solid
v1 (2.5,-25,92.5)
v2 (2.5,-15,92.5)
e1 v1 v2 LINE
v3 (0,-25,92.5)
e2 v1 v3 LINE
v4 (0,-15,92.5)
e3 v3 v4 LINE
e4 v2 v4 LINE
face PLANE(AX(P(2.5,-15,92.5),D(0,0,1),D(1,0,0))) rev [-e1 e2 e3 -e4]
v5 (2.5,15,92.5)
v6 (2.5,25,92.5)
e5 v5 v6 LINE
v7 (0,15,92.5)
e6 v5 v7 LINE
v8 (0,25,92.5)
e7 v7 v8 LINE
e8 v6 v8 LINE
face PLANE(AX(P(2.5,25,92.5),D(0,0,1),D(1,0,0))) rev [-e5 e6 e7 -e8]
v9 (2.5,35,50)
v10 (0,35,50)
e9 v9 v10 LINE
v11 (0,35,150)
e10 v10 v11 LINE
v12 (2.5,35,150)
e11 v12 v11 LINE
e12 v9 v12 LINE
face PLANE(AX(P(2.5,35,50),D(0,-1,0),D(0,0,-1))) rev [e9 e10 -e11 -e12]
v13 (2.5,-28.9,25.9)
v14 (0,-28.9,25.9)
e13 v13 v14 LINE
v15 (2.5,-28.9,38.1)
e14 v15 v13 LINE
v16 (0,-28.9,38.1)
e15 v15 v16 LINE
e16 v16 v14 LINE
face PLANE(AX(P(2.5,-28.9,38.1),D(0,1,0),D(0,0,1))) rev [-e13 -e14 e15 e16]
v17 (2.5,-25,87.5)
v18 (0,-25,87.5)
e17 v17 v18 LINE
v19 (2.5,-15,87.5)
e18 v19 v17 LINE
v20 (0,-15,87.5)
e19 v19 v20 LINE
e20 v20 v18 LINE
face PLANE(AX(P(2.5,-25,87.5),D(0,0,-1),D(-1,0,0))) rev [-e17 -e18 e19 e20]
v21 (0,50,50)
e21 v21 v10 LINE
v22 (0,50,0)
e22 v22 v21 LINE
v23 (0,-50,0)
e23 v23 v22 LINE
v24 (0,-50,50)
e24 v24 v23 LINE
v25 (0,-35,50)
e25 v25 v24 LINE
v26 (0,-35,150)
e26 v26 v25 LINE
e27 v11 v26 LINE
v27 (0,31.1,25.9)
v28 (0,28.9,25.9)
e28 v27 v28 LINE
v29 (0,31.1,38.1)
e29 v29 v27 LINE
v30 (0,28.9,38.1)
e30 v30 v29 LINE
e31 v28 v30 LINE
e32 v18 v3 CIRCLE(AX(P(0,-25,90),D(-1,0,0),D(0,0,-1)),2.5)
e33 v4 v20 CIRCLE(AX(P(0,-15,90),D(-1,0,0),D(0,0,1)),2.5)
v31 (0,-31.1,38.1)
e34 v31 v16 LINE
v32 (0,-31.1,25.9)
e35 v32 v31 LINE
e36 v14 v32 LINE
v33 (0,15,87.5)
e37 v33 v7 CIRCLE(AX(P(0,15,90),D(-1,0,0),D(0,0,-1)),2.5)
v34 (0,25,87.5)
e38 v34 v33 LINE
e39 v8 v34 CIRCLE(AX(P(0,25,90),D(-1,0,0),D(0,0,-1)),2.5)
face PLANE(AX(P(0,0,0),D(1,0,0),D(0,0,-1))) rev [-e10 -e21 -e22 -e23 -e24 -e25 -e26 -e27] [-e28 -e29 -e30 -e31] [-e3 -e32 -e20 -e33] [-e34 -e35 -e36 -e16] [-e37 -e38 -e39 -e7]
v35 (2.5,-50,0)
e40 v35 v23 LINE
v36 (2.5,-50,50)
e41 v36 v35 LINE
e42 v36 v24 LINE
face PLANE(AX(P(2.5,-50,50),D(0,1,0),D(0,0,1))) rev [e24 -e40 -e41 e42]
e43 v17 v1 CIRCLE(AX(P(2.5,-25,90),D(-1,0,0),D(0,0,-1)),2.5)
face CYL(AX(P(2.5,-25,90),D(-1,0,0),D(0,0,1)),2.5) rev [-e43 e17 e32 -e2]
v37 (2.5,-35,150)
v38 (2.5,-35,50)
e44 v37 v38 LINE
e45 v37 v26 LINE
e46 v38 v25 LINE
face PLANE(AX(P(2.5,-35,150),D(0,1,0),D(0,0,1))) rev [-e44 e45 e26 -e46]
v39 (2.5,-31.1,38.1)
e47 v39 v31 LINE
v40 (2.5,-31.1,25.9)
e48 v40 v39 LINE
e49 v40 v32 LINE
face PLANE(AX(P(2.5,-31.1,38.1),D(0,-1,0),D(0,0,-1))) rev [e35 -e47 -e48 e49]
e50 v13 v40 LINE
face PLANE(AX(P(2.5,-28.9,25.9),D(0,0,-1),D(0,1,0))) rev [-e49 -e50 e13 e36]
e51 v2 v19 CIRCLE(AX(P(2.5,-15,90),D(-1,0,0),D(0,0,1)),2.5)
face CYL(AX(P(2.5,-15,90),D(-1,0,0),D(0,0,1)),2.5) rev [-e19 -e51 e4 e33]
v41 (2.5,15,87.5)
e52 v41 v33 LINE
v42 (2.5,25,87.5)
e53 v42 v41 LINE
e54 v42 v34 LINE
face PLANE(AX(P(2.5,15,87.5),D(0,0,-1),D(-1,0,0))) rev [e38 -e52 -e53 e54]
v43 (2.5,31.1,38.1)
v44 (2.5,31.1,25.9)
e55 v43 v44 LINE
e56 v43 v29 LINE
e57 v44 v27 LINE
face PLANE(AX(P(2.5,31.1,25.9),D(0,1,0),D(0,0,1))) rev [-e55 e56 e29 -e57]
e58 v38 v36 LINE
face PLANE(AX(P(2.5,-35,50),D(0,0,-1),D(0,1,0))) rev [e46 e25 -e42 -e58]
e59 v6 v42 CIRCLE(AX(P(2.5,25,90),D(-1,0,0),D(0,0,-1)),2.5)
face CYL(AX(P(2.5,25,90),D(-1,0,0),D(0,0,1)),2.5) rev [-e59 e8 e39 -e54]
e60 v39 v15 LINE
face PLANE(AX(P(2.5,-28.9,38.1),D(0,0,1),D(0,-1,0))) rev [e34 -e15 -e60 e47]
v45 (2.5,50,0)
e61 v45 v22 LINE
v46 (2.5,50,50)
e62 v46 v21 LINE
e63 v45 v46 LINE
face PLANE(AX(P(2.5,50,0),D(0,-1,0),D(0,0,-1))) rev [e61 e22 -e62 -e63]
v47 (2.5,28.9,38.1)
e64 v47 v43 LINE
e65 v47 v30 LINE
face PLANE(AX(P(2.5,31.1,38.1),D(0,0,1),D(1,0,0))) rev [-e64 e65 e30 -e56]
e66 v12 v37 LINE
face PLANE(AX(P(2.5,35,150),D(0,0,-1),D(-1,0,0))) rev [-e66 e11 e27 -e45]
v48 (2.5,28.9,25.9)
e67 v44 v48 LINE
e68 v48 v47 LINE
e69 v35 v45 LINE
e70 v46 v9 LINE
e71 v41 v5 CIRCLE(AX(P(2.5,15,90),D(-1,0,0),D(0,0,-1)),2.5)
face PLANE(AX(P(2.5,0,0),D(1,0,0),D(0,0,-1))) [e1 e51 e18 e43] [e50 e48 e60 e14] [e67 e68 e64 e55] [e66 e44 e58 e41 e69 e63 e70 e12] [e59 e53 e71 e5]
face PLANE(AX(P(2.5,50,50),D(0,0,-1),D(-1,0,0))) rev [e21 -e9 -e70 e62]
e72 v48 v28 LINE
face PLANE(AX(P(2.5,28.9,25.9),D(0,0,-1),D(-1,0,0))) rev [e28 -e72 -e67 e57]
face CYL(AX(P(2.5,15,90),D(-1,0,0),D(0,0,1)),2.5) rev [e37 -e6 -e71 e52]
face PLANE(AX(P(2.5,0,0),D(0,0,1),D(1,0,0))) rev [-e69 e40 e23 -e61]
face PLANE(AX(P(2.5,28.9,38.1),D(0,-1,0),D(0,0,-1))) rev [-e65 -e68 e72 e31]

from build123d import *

# Parameters (mm, degrees)
BOSS_EXTRUDE1_DEPTH = 2.5
SKETCH4_W           = 2.2
SKETCH4_H           = 12.2
CUT_EXTRUDE1_DEPTH  = 159.133646009
CUT_EXTRUDE2_DEPTH  = 159.133646009


with BuildPart() as part:
    # Sketch1 → Boss-Extrude1 (new body)
    with BuildSketch(Plane.YZ):
        Polygon((50, 0), (50, 50), (35, 50), (35, 150), (-35, 150), (-35, 50), (-50, 50), (-50, 0), (0, 0), align=None)
    extrude(amount=BOSS_EXTRUDE1_DEPTH)

    # Sketch4 → Cut-Extrude1 (cut, through all)
    with BuildSketch(Plane(origin=(0, 0, 0), x_dir=(0, -1, 0), z_dir=(-1, 0, 0))):
        with Locations((-30, 32)):
            Rectangle(SKETCH4_W, SKETCH4_H)
        with Locations((30, 32)):
            Rectangle(SKETCH4_W, SKETCH4_H)
    extrude(amount=-CUT_EXTRUDE1_DEPTH, mode=Mode.SUBTRACT)

    # Sketch6 → Cut-Extrude2 (cut, through all)
    with BuildSketch(Plane(origin=(0, 0, 0), x_dir=(0, -1, 0), z_dir=(-1, 0, 0))):
        with BuildLine():
            Line((-25, 92.5), (-15, 92.5))
            ThreePointArc((-15, 92.5), (-12.5, 90), (-15, 87.5))
            Line((-15, 87.5), (-25, 87.5))
            ThreePointArc((-25, 87.5), (-27.5, 90), (-25, 92.5))
        make_face()
        with BuildLine():
            Line((15, 92.5), (25, 92.5))
            ThreePointArc((25, 92.5), (27.5, 90), (25, 87.5))
            Line((25, 87.5), (15, 87.5))
            ThreePointArc((15, 87.5), (12.5, 90), (15, 92.5))
        make_face()
    extrude(amount=-CUT_EXTRUDE2_DEPTH, mode=Mode.SUBTRACT)


solid = part.part
